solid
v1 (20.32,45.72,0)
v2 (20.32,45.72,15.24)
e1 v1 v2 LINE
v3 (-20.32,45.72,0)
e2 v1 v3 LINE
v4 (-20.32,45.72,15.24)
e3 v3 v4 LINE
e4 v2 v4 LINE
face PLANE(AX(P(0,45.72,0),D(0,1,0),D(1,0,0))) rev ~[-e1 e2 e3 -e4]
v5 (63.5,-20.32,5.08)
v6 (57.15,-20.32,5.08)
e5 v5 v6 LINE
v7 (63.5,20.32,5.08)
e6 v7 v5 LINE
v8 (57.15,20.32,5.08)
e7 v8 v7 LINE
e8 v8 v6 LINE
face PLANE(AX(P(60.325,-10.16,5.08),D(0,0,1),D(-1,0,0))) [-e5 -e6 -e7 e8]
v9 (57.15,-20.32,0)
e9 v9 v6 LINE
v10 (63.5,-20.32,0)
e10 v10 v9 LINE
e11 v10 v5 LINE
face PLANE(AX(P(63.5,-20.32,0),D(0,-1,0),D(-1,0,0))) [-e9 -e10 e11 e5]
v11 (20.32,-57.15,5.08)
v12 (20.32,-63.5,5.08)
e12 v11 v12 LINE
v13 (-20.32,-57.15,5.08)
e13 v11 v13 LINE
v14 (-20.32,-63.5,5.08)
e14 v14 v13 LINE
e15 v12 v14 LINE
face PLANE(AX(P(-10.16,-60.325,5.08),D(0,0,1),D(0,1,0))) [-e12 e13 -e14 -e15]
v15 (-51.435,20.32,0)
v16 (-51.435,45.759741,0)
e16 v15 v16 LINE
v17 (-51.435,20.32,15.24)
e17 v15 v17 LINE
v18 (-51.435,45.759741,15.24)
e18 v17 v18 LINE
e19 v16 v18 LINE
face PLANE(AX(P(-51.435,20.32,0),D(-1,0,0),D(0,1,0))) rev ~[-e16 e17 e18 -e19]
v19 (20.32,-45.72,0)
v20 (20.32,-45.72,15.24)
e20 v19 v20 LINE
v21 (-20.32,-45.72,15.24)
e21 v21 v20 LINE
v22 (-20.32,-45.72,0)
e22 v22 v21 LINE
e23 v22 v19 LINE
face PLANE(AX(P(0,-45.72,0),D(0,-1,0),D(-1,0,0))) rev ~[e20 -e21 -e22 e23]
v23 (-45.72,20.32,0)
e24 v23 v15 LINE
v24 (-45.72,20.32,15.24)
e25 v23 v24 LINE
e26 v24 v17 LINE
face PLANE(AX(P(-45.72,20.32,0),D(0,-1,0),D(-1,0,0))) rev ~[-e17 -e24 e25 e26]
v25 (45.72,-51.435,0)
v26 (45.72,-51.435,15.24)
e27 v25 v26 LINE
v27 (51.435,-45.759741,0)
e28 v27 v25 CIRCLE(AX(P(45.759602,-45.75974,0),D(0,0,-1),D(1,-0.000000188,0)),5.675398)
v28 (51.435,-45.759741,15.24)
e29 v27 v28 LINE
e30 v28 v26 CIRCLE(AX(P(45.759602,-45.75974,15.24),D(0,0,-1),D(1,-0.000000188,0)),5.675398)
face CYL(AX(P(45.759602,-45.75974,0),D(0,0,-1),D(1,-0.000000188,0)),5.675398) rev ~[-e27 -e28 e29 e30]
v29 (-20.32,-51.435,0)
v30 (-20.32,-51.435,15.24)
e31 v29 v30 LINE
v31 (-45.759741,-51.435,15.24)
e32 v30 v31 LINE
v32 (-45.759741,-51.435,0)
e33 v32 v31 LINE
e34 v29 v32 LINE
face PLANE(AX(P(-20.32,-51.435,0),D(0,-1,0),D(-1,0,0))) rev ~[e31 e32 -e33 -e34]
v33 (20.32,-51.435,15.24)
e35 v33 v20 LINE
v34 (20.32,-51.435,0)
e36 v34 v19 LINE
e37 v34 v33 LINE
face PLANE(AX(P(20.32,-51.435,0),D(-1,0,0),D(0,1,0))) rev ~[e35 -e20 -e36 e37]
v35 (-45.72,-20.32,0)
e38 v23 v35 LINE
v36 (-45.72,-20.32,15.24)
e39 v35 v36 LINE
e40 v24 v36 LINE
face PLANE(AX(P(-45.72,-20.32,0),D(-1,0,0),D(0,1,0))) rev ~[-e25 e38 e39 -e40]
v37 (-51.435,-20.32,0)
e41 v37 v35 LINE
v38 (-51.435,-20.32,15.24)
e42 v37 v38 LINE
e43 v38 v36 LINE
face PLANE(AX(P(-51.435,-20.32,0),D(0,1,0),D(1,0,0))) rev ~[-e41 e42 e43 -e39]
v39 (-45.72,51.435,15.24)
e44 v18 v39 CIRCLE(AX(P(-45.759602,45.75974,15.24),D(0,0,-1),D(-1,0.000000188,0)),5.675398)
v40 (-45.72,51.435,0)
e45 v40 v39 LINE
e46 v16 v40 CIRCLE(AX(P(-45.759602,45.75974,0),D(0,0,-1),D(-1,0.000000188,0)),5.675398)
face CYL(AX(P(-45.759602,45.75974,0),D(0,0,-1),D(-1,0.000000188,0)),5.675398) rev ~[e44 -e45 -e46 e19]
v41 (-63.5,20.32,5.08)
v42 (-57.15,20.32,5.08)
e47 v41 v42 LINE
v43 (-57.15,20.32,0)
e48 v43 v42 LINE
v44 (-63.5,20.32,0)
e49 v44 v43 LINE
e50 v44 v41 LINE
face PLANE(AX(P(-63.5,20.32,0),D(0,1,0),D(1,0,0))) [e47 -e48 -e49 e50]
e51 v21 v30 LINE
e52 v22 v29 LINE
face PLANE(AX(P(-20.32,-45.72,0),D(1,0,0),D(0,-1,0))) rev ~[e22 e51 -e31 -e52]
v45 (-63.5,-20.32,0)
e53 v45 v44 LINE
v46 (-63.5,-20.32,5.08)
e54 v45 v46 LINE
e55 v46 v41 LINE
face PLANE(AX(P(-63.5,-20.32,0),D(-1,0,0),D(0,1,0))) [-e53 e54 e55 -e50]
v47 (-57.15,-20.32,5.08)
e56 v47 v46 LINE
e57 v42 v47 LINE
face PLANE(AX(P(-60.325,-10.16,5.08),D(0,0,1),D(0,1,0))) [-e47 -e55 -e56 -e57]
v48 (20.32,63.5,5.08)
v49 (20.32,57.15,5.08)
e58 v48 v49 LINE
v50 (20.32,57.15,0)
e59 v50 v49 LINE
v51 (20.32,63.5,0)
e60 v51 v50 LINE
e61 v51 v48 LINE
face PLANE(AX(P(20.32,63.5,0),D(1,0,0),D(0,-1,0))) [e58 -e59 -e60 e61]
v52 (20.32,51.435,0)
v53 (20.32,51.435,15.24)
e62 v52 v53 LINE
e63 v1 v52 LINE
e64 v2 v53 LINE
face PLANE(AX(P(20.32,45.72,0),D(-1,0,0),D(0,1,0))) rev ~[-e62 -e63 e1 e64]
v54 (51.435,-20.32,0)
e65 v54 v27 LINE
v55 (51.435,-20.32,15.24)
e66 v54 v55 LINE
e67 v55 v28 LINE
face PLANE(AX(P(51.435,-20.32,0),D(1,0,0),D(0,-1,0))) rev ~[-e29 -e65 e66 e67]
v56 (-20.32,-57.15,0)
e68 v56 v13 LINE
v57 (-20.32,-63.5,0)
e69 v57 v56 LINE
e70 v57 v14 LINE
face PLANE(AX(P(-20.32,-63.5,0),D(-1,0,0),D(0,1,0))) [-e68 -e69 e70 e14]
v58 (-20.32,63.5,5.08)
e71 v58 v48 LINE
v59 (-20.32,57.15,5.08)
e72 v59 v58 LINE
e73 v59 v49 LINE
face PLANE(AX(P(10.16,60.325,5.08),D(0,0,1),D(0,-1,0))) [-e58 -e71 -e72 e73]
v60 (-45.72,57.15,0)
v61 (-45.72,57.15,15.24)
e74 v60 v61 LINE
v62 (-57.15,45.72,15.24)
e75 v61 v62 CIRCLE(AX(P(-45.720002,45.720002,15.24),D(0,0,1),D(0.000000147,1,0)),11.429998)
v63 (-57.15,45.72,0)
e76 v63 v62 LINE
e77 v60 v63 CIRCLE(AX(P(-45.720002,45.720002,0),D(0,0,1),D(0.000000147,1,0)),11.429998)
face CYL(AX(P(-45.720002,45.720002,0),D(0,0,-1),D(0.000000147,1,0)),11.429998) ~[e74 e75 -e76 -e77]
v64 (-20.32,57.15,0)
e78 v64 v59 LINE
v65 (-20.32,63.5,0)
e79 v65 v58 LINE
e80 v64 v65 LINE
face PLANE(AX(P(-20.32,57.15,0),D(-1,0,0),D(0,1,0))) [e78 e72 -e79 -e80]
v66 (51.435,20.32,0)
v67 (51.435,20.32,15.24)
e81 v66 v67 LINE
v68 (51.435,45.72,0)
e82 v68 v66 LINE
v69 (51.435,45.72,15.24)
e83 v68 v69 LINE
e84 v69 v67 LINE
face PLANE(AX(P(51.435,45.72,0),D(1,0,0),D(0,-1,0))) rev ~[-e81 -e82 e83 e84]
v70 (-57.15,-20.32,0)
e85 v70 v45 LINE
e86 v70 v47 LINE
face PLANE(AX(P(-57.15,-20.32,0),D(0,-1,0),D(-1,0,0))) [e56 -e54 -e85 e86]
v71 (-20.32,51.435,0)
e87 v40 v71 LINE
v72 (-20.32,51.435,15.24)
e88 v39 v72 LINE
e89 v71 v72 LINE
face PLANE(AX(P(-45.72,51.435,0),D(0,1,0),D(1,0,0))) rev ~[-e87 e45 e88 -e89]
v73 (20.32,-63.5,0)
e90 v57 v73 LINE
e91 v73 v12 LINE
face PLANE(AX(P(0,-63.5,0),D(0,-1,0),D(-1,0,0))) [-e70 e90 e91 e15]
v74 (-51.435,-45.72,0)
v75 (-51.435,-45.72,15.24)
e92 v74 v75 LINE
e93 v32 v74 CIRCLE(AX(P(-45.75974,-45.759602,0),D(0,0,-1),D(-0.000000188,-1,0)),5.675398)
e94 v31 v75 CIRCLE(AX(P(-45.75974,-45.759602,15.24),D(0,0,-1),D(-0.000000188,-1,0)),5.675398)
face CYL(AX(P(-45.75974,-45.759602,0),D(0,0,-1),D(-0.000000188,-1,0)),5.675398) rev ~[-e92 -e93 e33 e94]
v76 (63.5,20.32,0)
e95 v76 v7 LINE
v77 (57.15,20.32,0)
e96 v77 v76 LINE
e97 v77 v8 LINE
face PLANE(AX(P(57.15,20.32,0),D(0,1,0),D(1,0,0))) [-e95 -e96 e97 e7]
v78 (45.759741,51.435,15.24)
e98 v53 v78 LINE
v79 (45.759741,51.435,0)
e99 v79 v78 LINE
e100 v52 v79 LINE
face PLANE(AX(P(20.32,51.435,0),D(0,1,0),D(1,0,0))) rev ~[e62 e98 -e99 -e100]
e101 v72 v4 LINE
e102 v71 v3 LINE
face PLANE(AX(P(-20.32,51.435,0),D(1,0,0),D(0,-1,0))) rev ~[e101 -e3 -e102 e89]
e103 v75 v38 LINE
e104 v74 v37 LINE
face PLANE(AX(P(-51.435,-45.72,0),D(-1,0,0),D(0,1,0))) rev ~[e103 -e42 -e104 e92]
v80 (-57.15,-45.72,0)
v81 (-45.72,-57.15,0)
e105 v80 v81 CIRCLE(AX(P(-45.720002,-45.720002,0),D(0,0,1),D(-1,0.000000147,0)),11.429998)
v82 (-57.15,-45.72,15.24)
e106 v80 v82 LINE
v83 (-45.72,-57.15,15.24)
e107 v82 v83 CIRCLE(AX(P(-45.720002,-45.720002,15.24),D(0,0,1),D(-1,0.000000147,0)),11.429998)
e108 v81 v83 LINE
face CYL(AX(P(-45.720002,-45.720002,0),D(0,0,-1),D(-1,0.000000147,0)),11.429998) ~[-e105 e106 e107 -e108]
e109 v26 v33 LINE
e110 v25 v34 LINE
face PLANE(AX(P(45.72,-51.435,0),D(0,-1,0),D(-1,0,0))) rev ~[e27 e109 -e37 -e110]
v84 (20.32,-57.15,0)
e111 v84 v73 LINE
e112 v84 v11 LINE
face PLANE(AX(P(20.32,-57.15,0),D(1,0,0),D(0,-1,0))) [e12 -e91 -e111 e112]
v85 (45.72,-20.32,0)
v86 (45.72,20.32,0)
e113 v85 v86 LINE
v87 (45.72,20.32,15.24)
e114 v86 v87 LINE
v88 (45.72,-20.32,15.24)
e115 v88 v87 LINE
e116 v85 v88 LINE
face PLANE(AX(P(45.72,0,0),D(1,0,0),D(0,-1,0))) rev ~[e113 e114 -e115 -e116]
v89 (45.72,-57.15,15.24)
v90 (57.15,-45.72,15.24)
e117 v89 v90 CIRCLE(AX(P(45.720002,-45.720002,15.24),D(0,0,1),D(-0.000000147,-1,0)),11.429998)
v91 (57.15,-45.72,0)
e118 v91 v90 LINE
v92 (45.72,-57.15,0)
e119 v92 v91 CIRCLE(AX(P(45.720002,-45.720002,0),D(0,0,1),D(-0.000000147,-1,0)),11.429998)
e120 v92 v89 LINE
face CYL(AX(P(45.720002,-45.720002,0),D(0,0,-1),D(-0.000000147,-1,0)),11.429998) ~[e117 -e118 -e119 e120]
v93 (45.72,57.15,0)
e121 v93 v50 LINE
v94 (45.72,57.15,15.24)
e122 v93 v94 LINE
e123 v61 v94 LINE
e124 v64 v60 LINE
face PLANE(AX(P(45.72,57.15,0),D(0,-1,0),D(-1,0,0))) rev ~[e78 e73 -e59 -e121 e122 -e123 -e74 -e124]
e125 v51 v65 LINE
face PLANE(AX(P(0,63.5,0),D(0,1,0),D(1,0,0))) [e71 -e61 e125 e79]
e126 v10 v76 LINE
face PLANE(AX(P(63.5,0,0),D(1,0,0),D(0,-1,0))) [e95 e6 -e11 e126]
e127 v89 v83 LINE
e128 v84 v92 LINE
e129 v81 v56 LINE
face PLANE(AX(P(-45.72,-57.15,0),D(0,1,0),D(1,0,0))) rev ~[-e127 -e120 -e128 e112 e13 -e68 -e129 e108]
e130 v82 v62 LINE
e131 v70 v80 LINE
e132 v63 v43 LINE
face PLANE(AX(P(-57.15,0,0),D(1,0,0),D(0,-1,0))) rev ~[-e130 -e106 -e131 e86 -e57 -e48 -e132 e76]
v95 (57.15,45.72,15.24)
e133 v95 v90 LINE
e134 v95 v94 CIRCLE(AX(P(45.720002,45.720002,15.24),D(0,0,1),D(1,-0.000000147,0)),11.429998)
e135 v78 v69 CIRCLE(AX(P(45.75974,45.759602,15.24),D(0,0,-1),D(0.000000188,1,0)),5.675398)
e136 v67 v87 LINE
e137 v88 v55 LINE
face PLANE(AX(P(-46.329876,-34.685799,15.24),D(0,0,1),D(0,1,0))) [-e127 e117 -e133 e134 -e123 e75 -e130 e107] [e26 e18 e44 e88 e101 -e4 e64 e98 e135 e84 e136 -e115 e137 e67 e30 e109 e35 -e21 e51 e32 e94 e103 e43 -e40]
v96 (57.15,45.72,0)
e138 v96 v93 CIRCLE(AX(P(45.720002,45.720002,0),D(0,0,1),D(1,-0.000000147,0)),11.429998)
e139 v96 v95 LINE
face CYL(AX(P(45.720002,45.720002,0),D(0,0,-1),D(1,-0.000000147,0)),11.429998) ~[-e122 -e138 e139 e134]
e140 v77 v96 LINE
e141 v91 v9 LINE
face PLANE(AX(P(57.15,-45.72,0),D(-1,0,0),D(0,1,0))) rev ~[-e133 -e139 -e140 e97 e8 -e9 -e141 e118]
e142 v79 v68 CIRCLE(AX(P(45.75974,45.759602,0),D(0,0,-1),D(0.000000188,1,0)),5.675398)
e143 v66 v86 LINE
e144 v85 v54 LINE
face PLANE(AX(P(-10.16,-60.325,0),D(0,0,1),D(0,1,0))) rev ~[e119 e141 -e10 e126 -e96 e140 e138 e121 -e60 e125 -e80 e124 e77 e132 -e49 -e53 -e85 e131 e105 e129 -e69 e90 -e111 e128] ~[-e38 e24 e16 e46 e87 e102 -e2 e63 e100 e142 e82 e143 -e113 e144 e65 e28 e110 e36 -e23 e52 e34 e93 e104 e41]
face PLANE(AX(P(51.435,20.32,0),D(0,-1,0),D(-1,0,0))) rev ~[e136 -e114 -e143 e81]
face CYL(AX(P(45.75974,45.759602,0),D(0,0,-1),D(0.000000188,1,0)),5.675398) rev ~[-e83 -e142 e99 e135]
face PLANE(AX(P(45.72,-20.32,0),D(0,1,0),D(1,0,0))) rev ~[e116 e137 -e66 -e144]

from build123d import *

# Parameters (mm, degrees)
F1_DEPTH = 15.24
F0_W     = 6.35
F0_H     = 20.32
F0_W_2   = 20.32
F0_H_2   = 6.35
F2_DEPTH = 5.08
F4_COUNT = 4


with BuildPart() as f1:
    # F0 (on Top) → F1 (new body)
    with BuildSketch(Plane.XY):
        with BuildLine():
            Line((0, 45.72), (0, 57.15))
            Line((0, 57.15), (-20.32, 57.15))
            Line((-20.32, 57.15), (-45.72, 57.15))
            ThreePointArc((-45.72, 57.15), (-53.802231, 53.802231), (-57.15, 45.72))
            Line((-57.15, 45.72), (-57.15, 20.32))
            Line((-57.15, 20.32), (-51.435, 20.32))
            Line((-51.435, 20.32), (-51.435, 45.759741))
            ThreePointArc((-51.435, 45.759741), (-49.758688, 49.78683), (-45.72, 51.435))
            Line((-45.72, 51.435), (-20.32, 51.435))
            Line((-20.32, 51.435), (-20.32, 45.72))
            Line((-20.32, 45.72), (0, 45.72))
        make_face()
        Polygon((-51.435, 20.32), (-57.15, 20.32), (-57.15, 0), (-45.72, 0), (-45.72, 20.32), align=None)
    extrude(amount=F1_DEPTH)

    # F0 (on Top) → F2 (join)
    with BuildSketch(Plane.XY):
        with Locations((-60.325, 10.16)):
            Rectangle(F0_W, F0_H)
        with Locations((-10.16, 60.325)):
            Rectangle(F0_W_2, F0_H_2)
    extrude(amount=F2_DEPTH)

    # F4: F1 ×4 about axis
    f4_axis = Axis((0, 0, 51.399533), (0, 0, -1))


with BuildPart() as f1_1:
    add(f1.part)
    for i in range(1, F4_COUNT):
        add(f1.part.rotate(f4_axis, i * 360 / F4_COUNT))


solid = f1_1.part
